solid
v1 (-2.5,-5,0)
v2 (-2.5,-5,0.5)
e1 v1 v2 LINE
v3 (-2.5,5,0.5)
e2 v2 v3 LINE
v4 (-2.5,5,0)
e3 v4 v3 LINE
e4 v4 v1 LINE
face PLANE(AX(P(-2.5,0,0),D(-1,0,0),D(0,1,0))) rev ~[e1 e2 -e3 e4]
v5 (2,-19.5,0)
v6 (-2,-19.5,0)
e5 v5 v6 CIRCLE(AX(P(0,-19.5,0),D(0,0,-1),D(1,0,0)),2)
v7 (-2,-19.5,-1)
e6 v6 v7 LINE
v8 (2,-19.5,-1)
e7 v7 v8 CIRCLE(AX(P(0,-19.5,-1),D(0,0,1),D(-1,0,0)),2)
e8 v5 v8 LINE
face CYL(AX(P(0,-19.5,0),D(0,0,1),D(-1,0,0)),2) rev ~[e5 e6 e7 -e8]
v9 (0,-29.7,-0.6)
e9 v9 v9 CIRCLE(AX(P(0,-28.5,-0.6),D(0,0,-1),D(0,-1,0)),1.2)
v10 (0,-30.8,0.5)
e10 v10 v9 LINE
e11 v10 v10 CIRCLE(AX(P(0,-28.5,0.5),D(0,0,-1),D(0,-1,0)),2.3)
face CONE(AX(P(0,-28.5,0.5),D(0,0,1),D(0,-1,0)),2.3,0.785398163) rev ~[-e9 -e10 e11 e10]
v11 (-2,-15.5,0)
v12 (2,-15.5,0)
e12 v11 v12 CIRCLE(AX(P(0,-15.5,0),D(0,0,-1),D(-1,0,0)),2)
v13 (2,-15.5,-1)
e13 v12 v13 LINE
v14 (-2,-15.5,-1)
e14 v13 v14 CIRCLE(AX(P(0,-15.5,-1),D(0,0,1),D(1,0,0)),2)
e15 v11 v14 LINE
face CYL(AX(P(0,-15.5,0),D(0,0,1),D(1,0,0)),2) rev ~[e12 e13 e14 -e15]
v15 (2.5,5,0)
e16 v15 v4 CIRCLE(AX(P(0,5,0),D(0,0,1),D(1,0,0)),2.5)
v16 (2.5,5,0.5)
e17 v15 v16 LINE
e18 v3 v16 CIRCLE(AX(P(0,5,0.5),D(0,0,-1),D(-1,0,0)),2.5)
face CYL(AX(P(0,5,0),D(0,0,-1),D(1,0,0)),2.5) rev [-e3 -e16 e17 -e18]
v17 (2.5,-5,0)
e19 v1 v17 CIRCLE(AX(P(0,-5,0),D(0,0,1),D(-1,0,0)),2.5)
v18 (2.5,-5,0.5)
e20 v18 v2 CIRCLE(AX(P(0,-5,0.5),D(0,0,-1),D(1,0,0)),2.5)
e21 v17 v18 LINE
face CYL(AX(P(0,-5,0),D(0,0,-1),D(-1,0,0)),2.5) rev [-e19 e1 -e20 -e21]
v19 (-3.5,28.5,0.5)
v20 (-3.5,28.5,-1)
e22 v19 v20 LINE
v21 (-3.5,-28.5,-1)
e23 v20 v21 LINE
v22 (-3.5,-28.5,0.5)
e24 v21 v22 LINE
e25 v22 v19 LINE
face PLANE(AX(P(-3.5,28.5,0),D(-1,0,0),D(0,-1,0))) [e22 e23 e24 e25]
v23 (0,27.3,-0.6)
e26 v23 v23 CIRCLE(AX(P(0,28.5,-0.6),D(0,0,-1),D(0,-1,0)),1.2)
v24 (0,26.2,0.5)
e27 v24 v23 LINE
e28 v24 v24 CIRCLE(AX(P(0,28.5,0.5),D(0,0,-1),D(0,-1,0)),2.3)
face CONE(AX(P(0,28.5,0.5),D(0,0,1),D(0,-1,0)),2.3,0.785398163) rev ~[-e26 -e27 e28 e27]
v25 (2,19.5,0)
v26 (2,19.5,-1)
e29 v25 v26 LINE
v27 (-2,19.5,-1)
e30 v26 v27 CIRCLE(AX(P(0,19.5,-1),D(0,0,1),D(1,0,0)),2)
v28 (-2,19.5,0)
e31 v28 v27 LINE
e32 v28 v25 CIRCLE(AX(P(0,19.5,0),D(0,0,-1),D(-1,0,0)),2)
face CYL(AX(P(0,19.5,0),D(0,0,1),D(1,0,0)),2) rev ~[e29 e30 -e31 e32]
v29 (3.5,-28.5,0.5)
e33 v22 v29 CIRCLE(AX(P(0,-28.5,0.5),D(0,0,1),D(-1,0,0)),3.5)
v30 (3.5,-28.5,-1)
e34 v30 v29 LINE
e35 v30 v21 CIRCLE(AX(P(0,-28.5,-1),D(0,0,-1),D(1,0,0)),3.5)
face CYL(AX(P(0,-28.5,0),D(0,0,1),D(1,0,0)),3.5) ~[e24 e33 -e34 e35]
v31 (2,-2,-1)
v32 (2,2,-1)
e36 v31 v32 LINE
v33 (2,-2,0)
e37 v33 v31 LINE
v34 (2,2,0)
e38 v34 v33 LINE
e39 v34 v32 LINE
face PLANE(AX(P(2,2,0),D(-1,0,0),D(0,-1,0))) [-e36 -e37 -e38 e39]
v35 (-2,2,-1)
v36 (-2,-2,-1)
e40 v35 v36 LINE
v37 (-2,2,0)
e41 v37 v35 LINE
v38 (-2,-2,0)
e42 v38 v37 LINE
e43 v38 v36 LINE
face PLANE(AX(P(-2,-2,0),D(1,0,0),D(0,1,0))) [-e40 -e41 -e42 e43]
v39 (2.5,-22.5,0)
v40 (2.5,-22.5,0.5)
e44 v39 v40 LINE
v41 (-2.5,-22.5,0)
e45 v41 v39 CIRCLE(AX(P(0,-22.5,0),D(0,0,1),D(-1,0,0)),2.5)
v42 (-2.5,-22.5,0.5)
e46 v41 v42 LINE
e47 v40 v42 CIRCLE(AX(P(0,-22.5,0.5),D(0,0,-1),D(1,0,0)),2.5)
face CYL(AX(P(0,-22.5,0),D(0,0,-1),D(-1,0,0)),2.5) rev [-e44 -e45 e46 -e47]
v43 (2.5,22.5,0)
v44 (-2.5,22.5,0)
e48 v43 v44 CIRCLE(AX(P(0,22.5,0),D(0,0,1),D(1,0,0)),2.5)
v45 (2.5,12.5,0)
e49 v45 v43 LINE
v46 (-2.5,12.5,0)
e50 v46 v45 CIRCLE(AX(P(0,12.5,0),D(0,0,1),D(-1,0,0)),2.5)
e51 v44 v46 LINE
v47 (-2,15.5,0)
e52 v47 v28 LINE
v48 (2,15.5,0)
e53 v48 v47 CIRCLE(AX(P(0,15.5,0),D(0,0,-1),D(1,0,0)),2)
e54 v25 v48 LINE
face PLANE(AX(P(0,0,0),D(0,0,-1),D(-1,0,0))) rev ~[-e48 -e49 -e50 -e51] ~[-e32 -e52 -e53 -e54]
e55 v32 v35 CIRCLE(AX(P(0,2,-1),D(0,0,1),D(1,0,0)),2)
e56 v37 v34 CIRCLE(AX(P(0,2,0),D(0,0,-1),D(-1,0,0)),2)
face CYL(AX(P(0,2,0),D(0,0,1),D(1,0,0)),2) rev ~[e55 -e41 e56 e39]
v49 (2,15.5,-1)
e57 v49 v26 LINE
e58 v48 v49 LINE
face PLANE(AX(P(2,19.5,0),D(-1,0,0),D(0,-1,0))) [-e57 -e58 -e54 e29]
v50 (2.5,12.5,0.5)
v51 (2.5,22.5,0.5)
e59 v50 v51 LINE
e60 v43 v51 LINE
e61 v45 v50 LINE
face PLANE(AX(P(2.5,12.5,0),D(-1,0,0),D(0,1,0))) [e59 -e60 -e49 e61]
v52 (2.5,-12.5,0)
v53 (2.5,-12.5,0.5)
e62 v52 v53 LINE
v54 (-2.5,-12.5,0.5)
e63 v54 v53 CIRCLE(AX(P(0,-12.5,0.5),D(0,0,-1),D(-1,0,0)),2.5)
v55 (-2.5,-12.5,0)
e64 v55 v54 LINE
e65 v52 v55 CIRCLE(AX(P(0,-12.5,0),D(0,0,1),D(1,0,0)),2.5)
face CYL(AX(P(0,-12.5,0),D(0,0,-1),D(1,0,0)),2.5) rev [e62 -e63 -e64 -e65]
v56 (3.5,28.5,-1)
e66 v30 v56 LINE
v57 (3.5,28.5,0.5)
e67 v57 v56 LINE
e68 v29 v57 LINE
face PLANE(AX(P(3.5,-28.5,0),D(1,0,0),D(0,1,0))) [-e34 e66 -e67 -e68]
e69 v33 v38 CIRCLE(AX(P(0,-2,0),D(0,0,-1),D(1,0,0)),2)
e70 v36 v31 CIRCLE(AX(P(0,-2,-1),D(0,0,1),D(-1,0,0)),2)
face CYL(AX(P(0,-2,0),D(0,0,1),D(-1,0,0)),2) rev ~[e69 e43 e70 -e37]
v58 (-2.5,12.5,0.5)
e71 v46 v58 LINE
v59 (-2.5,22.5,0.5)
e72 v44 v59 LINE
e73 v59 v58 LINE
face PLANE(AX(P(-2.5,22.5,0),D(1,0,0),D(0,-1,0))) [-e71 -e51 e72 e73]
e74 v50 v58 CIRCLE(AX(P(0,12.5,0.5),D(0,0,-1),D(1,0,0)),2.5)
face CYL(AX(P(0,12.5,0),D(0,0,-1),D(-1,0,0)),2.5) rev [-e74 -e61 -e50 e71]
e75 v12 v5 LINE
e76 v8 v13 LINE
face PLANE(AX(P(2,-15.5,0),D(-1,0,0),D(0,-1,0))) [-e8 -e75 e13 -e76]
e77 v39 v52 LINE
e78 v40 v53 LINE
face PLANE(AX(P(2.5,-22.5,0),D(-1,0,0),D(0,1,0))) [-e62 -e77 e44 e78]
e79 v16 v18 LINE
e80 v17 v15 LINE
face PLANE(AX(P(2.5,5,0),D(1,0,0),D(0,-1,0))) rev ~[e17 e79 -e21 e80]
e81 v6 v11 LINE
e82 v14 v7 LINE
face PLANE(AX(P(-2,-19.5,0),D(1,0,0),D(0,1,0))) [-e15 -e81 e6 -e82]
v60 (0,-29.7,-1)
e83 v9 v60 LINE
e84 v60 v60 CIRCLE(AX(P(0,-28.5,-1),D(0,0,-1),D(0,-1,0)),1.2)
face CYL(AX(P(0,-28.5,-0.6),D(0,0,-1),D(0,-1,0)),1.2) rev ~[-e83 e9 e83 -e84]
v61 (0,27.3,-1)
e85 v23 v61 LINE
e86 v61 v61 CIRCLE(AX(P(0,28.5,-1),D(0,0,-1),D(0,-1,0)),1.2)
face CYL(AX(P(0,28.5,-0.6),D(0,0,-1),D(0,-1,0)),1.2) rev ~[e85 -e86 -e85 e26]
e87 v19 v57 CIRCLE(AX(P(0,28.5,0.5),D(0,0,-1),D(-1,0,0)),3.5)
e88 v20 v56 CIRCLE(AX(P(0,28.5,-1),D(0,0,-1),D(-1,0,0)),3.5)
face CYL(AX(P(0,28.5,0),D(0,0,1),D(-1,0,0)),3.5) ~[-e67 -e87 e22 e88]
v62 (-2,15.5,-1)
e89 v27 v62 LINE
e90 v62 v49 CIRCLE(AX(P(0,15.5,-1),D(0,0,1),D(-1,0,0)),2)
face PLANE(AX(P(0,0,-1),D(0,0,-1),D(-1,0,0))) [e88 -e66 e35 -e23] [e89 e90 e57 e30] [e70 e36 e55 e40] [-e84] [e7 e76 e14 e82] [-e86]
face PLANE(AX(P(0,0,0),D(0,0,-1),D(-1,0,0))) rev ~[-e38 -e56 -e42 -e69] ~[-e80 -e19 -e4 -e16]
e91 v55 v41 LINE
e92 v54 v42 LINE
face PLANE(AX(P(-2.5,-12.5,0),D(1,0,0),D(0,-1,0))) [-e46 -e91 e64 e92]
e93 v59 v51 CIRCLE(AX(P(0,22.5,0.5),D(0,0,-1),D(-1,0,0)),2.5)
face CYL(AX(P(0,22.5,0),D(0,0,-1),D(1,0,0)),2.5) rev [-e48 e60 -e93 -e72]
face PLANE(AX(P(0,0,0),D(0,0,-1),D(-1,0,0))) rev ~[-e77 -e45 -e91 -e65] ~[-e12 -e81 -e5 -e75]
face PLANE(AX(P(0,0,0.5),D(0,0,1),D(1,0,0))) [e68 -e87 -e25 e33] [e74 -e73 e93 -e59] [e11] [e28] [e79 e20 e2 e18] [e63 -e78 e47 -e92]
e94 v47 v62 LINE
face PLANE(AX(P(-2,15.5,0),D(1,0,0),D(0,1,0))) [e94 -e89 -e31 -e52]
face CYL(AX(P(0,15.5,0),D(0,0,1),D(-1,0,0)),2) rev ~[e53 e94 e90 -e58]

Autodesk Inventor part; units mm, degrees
ref_plane "YZ Plane" through (0, 0, 0) normal (1, 0, 0) x (0, 1, 0)
ref_plane "XZ Plane" through (0, 0, 0) normal (0, 1, 0) x (-1, 0, 0)
ref_plane "XY Plane" through (0, 0, 0) normal (0, 0, 1) x (1, 0, 0)
sketch "Skizze1" plane through (0, 0, 0) normal (0, 0, 1) x (1, 0, 0)
  line L0 (-4.9, 0) -> (4.9, 0) projected
  line L1 (0, -44.8) -> (0, 44.8) projected
  line L2 (0, 5) -> (0, -5) construction
  line L3 (2.5, 5) -> (2.5, -5)
  line L4 (-2.5, -5) -> (-2.5, 5)
  arc A0 (2.5, 5) -> (-2.5, 5) centre (0, 5) ccw
  arc A1 (-2.5, -5) -> (2.5, -5) centre (0, -5) ccw
  line L5 (0, 28.5) -> (0, -28.5) construction
  line L6 (-3.5, 28.5) -> (-3.5, -28.5)
  line L7 (3.5, -28.5) -> (3.5, 28.5)
  arc A2 (3.5, 28.5) -> (-3.5, 28.5) centre (0, 28.5) ccw
  arc A3 (-3.5, -28.5) -> (3.5, -28.5) centre (0, -28.5) ccw
  line L8 (0, 12.5) -> (0, 22.5) construction
  line L9 (2.5, 12.5) -> (2.5, 22.5)
  line L10 (-2.5, 22.5) -> (-2.5, 12.5)
  arc A4 (-2.5, 12.5) -> (2.5, 12.5) centre (0, 12.5) ccw
  arc A5 (2.5, 22.5) -> (-2.5, 22.5) centre (0, 22.5) ccw
  line L11 (0, -22.5) -> (0, -12.5) construction
  line L12 (2.5, -22.5) -> (2.5, -12.5)
  line L13 (-2.5, -12.5) -> (-2.5, -22.5)
  arc A6 (-2.5, -22.5) -> (2.5, -22.5) centre (0, -22.5) ccw
  arc A7 (2.5, -12.5) -> (-2.5, -12.5) centre (0, -12.5) ccw
  point P0 (0, 0)
  point P1 (0, 0)
  point P2 (0, 0)
  point P3 (0, 17.5)
  point P4 (0, -17.5)
  dimension "d0" = 5
  dimension "d1" = 15
  dimension "d2" = 7
  dimension "d3" = 10
  dimension "d4" = 10
  dimension "d5" = 32
  dimension "d31" = 2.5
extrude "Extrusion1" add sketch "Skizze1" along normal blind 0.5 contours L6 A2 L1 A5 L10 A4 A0 L4 L0 | L0 L4 A1 L1 A7 L13 A6 A3 L6 | A2 L7 L0 L3 A0 L1 A4 L9 A5 | L1 A6 L12 A7 A1 L3 L0 L7 A3
sketch "Skizze2" plane through (0, 0, 0) normal (0, 0, -1) x (-1, 0, 0)
  line L0 (3.5, 28.5) -> (3.5, -28.5) projected
  arc A0 (3.5, 28.5) -> (-3.5, 28.5) centre (0, 28.5) ccw projected
  line L1 (-3.5, -28.5) -> (-3.5, 28.5) projected
  arc A1 (-3.5, -28.5) -> (3.5, -28.5) centre (0, -28.5) ccw projected
  point P0 (0, 0)
extrude "Extrusion2" add sketch "Skizze2" along normal blind 1
sketch "Skizze3" plane through (0, 0, 0.5) normal (0, 0, 1) x (1, 0, 0)
  arc A0 (-3.5, -28.5) -> (3.5, -28.5) centre (0, -28.5) ccw projected
  arc A1 (3.5, 28.5) -> (-3.5, 28.5) centre (0, 28.5) ccw projected
  point P0 (0, 0)
hole "Bohrung1" at (0, 28.5, 0.5) at (0, -28.5, 0.5) direction (0, 0, -1) diameter 2.4 end through all countersink diameter 4.6 countersink angle 90
sketch "Skizze5" plane through (0, 0, 0) normal (0, 0, 1) x (1, 0, 0)
  arc A0 (-2.5, -22.5) -> (2.5, -22.5) centre (0, -22.5) ccw projected
  line L0 (2.5, -22.5) -> (2.5, -12.5) projected
  arc A1 (2.5, -12.5) -> (-2.5, -12.5) centre (0, -12.5) ccw projected
  line L1 (0, -15.5) -> (0, -19.5) construction
  line L2 (2, -15.5) -> (2, -19.5)
  line L3 (-2, -19.5) -> (-2, -15.5)
  arc A2 (2, -15.5) -> (-2, -15.5) centre (0, -15.5) ccw
  arc A3 (-2, -19.5) -> (2, -19.5) centre (0, -19.5) ccw
  line L4 (0, -22.5) -> (0, -12.5)
  line L5 (0, -12.5) -> (0, -17.5)
  line L6 (-1.3218, -17.5) -> (0, -17.5)
  point P0 (0, 0)
  point P1 (0, -17.5)
  dimension "d24" = 4
  dimension "d25" = 8
extrude "Extrusion3" cut sketch "Skizze5" against normal through all
pattern_linear "Rechteckige Anordnung1" count 3 spacing 17.5 along (0, 1, 0) of "Extrusion3"
properties part number "13_1087_018"
